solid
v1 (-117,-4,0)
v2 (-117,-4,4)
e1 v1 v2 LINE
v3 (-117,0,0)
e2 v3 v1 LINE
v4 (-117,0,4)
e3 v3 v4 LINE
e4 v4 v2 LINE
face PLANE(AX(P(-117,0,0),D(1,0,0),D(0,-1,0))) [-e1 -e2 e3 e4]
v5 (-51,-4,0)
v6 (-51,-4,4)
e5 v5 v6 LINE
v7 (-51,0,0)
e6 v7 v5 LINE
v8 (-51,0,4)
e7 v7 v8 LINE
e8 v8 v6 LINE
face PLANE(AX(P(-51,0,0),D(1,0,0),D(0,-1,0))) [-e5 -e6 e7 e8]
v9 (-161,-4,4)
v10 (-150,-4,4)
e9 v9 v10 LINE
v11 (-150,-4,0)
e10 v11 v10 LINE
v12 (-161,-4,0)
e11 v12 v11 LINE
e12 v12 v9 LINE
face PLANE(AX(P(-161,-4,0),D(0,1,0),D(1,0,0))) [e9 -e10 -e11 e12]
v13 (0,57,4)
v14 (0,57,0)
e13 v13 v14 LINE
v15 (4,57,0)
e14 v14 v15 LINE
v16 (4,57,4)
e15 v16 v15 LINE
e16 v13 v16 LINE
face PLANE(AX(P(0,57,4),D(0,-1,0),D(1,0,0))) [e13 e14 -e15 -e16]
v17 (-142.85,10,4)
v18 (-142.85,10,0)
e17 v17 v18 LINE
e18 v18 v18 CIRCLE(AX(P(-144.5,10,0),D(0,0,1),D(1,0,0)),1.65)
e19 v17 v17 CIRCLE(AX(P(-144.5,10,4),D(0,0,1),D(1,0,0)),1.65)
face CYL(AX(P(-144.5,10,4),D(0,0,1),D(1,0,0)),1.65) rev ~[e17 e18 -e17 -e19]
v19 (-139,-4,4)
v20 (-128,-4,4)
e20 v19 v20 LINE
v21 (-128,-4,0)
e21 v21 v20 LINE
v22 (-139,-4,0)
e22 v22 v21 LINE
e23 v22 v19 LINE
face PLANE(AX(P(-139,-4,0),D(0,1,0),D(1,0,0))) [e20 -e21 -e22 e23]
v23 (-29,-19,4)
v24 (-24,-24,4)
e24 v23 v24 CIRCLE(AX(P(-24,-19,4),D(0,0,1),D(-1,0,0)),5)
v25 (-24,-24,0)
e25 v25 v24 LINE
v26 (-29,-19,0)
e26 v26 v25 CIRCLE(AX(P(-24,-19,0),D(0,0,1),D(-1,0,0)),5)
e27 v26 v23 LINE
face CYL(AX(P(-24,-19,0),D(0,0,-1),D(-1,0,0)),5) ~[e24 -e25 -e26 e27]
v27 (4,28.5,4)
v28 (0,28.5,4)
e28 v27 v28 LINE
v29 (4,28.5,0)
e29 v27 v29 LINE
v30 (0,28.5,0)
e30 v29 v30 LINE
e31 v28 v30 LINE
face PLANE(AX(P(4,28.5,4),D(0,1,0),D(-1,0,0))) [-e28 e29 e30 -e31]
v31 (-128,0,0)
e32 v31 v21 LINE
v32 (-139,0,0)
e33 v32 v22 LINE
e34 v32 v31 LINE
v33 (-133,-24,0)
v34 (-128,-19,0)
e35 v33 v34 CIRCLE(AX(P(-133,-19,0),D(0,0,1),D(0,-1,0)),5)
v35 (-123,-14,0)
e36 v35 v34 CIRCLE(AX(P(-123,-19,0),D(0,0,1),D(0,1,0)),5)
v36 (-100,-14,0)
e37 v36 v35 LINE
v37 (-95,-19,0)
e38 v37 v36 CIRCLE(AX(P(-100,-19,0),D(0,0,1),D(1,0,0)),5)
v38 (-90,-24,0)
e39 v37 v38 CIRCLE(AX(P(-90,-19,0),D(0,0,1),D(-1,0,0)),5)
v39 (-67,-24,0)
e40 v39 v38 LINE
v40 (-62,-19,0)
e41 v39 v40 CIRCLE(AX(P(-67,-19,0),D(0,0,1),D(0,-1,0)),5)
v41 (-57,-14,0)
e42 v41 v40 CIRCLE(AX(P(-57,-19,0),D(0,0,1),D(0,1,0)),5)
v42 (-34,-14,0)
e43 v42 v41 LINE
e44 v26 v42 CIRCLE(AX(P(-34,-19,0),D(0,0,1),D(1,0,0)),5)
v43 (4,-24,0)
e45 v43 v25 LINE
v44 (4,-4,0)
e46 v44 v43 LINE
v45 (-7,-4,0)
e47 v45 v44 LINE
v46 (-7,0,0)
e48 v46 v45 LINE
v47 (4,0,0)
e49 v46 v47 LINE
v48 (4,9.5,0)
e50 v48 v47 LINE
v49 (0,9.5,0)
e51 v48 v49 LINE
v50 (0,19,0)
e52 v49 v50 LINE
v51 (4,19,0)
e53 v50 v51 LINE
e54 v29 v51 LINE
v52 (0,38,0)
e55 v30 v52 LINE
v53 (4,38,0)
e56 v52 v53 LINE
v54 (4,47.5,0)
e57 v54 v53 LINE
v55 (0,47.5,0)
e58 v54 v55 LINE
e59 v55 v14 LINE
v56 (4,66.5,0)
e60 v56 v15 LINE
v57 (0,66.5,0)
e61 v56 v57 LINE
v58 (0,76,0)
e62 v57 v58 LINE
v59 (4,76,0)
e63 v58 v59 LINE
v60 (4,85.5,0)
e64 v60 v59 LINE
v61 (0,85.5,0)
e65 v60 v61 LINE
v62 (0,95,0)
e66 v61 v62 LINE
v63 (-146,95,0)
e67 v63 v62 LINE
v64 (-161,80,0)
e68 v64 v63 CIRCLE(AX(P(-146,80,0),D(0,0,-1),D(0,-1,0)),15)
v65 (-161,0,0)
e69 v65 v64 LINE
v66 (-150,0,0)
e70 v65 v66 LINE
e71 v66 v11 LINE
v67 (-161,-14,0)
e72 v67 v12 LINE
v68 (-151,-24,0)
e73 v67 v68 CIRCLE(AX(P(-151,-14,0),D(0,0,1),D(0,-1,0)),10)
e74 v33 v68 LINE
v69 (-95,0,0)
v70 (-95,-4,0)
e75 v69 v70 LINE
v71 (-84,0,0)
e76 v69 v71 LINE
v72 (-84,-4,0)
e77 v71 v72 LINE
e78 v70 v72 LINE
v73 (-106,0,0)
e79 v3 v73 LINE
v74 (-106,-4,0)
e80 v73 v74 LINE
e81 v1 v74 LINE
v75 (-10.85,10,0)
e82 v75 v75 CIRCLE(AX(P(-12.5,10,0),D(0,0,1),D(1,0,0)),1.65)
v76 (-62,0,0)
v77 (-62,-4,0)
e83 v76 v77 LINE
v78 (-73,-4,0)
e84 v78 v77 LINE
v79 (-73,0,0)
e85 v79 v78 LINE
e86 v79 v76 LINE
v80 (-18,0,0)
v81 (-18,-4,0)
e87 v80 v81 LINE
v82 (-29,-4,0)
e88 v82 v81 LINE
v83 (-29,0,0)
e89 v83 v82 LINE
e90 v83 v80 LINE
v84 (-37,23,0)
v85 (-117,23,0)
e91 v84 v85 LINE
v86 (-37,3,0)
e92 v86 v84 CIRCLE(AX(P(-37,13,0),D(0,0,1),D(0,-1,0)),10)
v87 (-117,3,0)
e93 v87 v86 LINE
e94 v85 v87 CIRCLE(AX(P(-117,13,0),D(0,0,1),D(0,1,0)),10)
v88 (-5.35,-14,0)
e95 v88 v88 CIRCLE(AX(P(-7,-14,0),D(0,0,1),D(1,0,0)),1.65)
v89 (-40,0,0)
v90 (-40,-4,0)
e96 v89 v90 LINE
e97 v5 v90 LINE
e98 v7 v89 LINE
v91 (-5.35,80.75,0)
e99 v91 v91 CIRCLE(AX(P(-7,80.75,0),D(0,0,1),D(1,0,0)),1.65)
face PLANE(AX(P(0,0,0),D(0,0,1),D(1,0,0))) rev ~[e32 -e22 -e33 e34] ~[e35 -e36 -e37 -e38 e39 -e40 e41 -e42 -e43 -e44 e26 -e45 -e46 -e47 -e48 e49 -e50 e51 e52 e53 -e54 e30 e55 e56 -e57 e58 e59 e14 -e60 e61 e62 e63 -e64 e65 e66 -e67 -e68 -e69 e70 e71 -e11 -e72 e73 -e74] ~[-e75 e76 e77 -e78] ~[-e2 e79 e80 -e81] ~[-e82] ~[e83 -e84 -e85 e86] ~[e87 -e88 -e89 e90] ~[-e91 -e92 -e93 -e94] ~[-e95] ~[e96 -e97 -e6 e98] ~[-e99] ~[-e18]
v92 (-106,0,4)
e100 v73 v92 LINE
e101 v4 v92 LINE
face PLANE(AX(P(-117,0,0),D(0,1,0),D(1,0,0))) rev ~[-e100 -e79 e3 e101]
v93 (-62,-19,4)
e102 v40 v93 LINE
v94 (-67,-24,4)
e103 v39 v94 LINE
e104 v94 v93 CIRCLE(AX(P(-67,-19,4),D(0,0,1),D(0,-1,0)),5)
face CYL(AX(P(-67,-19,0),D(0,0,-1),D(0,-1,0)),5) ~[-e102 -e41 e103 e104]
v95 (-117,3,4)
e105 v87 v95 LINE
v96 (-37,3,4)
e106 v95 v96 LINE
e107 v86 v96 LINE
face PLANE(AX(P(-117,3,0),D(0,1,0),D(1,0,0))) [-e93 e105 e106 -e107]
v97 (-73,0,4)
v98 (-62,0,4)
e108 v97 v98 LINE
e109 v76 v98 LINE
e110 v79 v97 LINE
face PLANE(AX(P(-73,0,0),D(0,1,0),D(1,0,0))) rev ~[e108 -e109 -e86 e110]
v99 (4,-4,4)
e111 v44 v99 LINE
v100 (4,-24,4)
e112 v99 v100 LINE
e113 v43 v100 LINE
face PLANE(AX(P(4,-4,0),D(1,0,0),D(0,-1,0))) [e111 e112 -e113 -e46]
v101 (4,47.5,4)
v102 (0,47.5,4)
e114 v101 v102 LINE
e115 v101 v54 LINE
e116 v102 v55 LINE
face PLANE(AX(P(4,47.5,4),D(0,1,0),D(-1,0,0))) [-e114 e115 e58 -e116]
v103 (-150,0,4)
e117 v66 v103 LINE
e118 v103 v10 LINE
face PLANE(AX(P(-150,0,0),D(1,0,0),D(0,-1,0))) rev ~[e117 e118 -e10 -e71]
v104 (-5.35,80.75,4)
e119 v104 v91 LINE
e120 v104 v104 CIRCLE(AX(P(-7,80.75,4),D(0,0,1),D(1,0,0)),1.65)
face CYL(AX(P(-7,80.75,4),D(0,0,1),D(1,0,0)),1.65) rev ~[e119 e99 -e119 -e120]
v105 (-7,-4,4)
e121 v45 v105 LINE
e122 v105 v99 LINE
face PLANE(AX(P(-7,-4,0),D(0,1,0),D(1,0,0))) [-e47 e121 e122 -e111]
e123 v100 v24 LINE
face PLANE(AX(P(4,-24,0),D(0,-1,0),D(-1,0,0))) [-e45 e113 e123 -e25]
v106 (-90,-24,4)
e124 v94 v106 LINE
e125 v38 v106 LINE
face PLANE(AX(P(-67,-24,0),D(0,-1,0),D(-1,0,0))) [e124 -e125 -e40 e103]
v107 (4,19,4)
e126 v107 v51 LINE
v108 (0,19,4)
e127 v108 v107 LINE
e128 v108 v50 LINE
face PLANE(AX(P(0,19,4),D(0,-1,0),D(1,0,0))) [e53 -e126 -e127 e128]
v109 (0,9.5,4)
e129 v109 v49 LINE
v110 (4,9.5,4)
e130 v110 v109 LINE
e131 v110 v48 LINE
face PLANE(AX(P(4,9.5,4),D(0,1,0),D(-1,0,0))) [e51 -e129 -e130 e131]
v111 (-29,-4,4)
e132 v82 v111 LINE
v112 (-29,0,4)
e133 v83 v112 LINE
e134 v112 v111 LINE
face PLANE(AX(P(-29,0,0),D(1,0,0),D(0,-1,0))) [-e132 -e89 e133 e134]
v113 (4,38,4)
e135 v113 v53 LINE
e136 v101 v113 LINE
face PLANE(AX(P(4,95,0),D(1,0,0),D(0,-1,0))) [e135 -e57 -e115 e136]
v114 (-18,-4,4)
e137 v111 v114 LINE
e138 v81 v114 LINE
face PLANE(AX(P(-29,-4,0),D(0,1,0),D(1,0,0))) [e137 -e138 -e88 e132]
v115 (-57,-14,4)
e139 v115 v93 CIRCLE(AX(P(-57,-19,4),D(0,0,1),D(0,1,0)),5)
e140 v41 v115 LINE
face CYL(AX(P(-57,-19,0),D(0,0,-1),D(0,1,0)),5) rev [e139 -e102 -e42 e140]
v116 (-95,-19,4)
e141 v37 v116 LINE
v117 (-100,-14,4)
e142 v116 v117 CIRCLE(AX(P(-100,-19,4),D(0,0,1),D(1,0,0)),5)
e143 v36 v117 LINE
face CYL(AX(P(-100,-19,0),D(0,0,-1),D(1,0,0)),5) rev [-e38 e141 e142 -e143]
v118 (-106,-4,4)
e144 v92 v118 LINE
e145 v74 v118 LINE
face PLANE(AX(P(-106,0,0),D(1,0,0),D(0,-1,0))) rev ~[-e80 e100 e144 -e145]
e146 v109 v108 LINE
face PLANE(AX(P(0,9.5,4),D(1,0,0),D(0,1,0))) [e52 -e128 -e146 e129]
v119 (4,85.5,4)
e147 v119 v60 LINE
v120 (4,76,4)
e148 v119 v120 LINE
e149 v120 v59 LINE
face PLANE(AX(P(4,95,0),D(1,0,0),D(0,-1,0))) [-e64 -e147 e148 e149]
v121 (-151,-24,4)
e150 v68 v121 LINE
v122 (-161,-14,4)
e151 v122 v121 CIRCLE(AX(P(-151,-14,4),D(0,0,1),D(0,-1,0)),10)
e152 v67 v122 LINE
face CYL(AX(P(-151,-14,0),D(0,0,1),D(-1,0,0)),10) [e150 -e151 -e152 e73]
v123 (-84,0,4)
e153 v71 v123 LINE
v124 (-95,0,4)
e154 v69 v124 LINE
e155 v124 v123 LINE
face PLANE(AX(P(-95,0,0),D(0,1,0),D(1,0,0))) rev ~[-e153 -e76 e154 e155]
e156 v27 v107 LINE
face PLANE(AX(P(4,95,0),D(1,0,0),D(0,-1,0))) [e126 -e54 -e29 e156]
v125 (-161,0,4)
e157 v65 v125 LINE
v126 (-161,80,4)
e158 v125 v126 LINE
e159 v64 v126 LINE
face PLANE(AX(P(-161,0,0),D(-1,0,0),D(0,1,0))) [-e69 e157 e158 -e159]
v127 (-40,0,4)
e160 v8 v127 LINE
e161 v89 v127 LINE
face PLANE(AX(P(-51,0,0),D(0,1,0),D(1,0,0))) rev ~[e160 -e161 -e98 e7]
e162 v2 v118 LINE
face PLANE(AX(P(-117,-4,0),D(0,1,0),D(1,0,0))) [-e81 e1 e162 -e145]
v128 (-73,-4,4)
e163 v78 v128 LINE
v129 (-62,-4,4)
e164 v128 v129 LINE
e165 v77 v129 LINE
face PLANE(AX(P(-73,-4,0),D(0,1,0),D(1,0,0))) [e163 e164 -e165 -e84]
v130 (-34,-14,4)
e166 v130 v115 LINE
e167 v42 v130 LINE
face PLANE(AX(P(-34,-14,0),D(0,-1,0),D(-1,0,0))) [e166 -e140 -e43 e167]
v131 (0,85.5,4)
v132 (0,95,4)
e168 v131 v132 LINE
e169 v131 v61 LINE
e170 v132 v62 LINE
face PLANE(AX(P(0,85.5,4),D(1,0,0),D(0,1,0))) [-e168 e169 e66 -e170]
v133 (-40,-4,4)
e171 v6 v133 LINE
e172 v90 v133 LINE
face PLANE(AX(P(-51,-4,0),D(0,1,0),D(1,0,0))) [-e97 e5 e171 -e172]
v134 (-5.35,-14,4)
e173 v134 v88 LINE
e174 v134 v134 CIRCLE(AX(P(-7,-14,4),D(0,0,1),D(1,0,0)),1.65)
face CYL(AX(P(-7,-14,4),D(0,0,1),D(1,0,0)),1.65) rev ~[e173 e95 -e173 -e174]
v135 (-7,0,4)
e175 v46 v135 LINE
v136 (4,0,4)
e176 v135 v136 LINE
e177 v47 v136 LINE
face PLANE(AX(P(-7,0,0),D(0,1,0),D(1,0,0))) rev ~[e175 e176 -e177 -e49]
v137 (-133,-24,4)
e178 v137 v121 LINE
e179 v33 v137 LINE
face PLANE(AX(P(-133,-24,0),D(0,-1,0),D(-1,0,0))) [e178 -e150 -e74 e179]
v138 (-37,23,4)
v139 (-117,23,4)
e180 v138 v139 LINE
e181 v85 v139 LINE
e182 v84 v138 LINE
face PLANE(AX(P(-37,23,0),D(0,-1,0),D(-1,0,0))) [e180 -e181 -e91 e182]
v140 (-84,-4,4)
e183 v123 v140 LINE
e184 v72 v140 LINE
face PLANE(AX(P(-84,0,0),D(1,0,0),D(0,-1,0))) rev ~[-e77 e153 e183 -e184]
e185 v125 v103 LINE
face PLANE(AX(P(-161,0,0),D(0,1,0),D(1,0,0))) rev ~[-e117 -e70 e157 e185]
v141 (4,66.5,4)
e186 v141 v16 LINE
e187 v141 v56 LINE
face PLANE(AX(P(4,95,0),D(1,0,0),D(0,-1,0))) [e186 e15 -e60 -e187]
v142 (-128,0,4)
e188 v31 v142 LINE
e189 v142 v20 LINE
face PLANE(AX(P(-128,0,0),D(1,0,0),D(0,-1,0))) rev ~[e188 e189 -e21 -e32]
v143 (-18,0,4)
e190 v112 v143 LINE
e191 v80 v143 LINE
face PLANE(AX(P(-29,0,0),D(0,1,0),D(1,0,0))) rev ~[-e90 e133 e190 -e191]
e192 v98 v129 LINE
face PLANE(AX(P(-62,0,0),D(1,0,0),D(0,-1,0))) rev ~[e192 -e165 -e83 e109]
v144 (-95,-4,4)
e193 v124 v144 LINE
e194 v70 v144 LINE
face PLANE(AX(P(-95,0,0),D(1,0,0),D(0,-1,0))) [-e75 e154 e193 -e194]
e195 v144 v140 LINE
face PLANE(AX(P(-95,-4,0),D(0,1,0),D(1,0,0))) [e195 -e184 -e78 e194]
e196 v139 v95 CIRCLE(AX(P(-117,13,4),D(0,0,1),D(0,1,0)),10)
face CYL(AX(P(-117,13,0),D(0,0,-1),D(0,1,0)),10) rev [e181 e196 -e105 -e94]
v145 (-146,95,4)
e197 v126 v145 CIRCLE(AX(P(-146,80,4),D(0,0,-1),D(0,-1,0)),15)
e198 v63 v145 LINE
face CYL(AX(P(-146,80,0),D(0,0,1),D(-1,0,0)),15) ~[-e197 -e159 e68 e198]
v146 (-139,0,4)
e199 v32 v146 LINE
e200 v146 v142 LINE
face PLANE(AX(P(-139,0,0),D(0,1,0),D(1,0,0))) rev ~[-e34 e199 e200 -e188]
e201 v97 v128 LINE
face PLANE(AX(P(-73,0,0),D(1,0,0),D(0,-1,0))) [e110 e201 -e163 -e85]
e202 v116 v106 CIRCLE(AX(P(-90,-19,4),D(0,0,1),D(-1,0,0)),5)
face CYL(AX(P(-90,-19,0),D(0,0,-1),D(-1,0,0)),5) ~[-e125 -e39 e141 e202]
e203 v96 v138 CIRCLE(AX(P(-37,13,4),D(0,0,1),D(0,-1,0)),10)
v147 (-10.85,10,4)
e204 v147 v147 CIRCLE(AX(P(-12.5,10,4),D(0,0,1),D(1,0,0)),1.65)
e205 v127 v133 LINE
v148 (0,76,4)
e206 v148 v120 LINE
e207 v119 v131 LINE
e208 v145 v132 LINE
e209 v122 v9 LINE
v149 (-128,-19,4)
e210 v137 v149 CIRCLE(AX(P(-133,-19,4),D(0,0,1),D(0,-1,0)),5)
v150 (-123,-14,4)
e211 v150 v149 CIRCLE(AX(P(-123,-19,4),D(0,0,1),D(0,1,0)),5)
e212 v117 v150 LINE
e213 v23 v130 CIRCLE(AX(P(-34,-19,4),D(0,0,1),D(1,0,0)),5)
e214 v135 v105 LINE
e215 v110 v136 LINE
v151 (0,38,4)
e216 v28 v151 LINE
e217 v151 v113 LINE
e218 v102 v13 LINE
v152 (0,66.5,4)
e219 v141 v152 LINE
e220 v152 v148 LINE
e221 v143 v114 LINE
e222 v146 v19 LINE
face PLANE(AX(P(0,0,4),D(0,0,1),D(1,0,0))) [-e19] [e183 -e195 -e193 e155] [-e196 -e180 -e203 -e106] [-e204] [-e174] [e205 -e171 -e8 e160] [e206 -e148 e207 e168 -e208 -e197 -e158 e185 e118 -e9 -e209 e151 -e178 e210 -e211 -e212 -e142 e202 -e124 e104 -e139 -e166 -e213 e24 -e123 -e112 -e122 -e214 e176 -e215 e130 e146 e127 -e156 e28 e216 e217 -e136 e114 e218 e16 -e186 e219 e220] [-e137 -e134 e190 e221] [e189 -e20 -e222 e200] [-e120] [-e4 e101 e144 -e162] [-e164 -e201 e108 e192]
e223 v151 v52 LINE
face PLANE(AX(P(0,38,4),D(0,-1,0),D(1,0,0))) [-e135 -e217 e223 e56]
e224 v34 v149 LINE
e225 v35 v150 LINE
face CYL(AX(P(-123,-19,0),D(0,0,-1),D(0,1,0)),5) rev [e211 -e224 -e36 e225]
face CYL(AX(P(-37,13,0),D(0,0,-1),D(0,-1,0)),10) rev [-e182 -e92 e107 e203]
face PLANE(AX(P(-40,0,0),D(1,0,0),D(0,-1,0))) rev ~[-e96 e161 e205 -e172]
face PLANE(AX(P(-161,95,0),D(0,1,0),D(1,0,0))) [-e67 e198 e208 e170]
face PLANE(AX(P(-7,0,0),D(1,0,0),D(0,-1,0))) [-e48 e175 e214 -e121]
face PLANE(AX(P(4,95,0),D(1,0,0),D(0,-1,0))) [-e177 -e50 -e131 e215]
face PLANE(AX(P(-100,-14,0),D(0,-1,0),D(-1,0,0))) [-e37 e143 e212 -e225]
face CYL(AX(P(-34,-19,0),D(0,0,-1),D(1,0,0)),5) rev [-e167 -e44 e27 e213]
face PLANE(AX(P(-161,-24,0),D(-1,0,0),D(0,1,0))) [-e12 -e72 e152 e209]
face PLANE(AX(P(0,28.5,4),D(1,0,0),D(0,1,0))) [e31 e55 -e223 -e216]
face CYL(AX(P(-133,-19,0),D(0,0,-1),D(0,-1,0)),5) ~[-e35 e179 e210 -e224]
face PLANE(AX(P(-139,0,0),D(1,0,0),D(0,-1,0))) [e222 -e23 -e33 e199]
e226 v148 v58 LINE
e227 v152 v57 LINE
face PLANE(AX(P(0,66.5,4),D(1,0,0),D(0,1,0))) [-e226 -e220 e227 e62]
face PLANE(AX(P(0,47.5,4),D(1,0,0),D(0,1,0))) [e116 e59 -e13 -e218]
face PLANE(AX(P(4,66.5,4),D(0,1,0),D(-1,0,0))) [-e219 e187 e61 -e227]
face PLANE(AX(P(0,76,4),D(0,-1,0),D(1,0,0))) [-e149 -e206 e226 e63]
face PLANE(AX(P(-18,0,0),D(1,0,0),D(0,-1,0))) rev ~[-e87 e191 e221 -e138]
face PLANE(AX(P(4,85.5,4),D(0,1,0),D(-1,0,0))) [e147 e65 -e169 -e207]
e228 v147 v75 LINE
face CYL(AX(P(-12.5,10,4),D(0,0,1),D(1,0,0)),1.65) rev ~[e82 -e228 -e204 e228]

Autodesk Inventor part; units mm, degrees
ref_plane "YZ Plane" through (0, 0, 0) normal (1, 0, 0) x (0, 1, 0)
ref_plane "XZ Plane" through (0, 0, 0) normal (0, 1, 0) x (-1, 0, 0)
ref_plane "XY Plane" through (0, 0, 0) normal (0, 0, 1) x (1, 0, 0)
sketch "Schizzo1" plane through (0, 0, 0) normal (0, 0, 1) x (1, 0, 0)
  line L0 (4, 17) -> (0, 17) construction
  line L1 (0, 17) -> (0, 95) construction
  line L2 (0, 95) -> (4, 95) construction
  line L3 (4, 95) -> (4, 17) construction
  line L4 (4, -4) -> (4, -24) construction
  line L5 (4, -24) -> (0, -24) construction
  line L6 (0, -24) -> (0, -4) construction
  line L7 (0, 0) -> (0, 11) construction
  line L8 (0, 11) -> (4, 11) construction
  line L9 (4, 11) -> (4, 0) construction
  line L10 (-161, -24) -> (-161, 95)
  line L11 (-161, 95) -> (4, 95)
  line L12 (4, 95) -> (4, -24)
  line L13 (-133, -24) -> (-161, -24)
  arc A0 (-133, -24) -> (-128, -19) centre (-133, -19) ccw
  arc A1 (-123, -14) -> (-128, -19) centre (-123, -19) ccw
  line L14 (-100, -14) -> (-123, -14)
  arc A2 (-95, -19) -> (-100, -14) centre (-100, -19) ccw
  arc A3 (-95, -19) -> (-90, -24) centre (-90, -19) ccw
  line L15 (-67, -24) -> (-90, -24)
  arc A4 (-67, -24) -> (-62, -19) centre (-67, -19) ccw
  arc A5 (-57, -14) -> (-62, -19) centre (-57, -19) ccw
  line L16 (-34, -14) -> (-57, -14)
  arc A6 (-29, -19) -> (-34, -14) centre (-34, -19) ccw
  arc A7 (-29, -19) -> (-24, -24) centre (-24, -19) ccw
  line L17 (4, -24) -> (-24, -24)
  line L18 (-117, 13) -> (-37, 13) construction
  line L19 (-117, 3) -> (-37, 3)
  line L20 (-37, 23) -> (-117, 23)
  arc A8 (-117, 23) -> (-117, 3) centre (-117, 13) ccw
  arc A9 (-37, 3) -> (-37, 23) centre (-37, 13) ccw
  line L21 (-161, -4) -> (-150, -4) projected
  line L22 (-150, 0) -> (-150, -4) projected
  line L23 (-139, -4) -> (-128, -4) projected
  line L24 (-128, 0) -> (-128, -4) projected
  line L25 (-139, 0) -> (-128, 0) projected
  line L26 (-139, 0) -> (-139, -4) projected
  line L27 (-117, -4) -> (-106, -4) projected
  line L28 (-106, 0) -> (-106, -4) projected
  line L29 (-117, 0) -> (-106, 0) projected
  line L30 (-117, 0) -> (-117, -4) projected
  line L31 (-95, -4) -> (-84, -4) projected
  line L32 (-84, 0) -> (-84, -4) projected
  line L33 (-95, 0) -> (-84, 0) projected
  line L34 (-95, 0) -> (-95, -4) projected
  line L35 (-73, -4) -> (-62, -4) projected
  line L36 (-62, 0) -> (-62, -4) projected
  line L37 (-73, 0) -> (-62, 0) projected
  line L38 (-73, 0) -> (-73, -4) projected
  line L39 (-51, -4) -> (-40, -4) projected
  line L40 (-40, 0) -> (-40, -4) projected
  line L41 (-51, 0) -> (-40, 0) projected
  line L42 (-51, 0) -> (-51, -4) projected
  line L43 (-29, -4) -> (-18, -4) projected
  line L44 (-18, 0) -> (-18, -4) projected
  line L45 (-29, 0) -> (-18, 0) projected
  line L46 (-29, 0) -> (-29, -4) projected
  line L47 (-7, -4) -> (4, -4) projected
  line L48 (4, 0) -> (4, -4) projected
  line L49 (-7, 0) -> (4, 0) projected
  line L50 (-7, 0) -> (-7, -4) projected
  line L51 (-161, 0) -> (-150, 0) projected
  line L52 (-161, 0) -> (-161, -4) projected
  point P0 (-77, 13)
  dimension "d0" = 80
extrude "Estrusione1" add sketch "Schizzo1" along normal blind 4 contours L10 L21 L22 L51 L11 L12 L49 L50 L47 L17 A7 A6 L16 A5 A4 L15 A3 A2 L14 A1 A0 L13
sketch "Schizzo2" plane through (0, 0, 4) normal (0, 0, 1) x (1, 0, 0)
  line L0 (0, 76) -> (4, 76)
  line L1 (4, 76) -> (4, 66.5)
  line L2 (4, 66.5) -> (0, 66.5)
  line L3 (0, 66.5) -> (0, 76)
  line L4 (4, 85.5) -> (0, 85.5)
  line L5 (0, 85.5) -> (0, 95)
  line L6 (0, 95) -> (4, 95)
  line L7 (4, 95) -> (4, 85.5)
  line L8 (0, 38) -> (4, 38)
  line L9 (4, 38) -> (4, 28.5)
  line L10 (4, 28.5) -> (0, 28.5)
  line L11 (0, 28.5) -> (0, 38)
  line L12 (4, 47.5) -> (0, 47.5)
  line L13 (0, 47.5) -> (0, 57)
  line L14 (0, 57) -> (4, 57)
  line L15 (4, 57) -> (4, 47.5)
  line L16 (4, 9.5) -> (0, 9.5)
  line L17 (0, 9.5) -> (0, 19)
  line L18 (0, 19) -> (4, 19)
  line L19 (4, 19) -> (4, 9.5)
  point P0 (0, 0)
extrude "Estrusione2" cut sketch "Schizzo2" against normal blind 4
fillet "Raccordo1" radius 15 1 edges at (-161, 95, 2)
fillet "Raccordo2" radius 10 1 edges at (-161, -24, 2)
sketch "Schizzo3" plane through (0, 0, 4) normal (0, 0, 1) x (1, 0, 0)
  line L0 (-146.15, 0) -> (-142.85, 0) projected
  line L1 (-14.15, 0) -> (-10.85, 0) projected
  line L2 (-144.5, 0) -> (-144.5, 10) construction
  circle A0 centre (-144.5, 10) radius 1.65
  line L3 (-12.5, 0) -> (-12.5, 10) construction
  circle A1 centre (-12.5, 10) radius 1.65
  line L4 (0, 79.1) -> (0, 82.4) construction
  line L5 (0, -15.65) -> (0, -12.35) construction
  line L6 (0, -14) -> (-7, -14) construction
  line L7 (0, 80.75) -> (-7, 80.75) construction
  circle A2 centre (-7, 80.75) radius 1.65
  circle A3 centre (-7, -14) radius 1.65
  point P0 (0, 0)
  dimension "d7" = 10
  dimension "d8" = 3.3
  dimension "d9" = 10
  dimension "d10" = 3.3
  dimension "d13" = 7
  dimension "d14" = 7
  dimension "d15" = 3.3
  dimension "d16" = 3.3
extrude "Estrusione3" cut sketch "Schizzo3" against normal blind 4
properties part number "LatoPy"
